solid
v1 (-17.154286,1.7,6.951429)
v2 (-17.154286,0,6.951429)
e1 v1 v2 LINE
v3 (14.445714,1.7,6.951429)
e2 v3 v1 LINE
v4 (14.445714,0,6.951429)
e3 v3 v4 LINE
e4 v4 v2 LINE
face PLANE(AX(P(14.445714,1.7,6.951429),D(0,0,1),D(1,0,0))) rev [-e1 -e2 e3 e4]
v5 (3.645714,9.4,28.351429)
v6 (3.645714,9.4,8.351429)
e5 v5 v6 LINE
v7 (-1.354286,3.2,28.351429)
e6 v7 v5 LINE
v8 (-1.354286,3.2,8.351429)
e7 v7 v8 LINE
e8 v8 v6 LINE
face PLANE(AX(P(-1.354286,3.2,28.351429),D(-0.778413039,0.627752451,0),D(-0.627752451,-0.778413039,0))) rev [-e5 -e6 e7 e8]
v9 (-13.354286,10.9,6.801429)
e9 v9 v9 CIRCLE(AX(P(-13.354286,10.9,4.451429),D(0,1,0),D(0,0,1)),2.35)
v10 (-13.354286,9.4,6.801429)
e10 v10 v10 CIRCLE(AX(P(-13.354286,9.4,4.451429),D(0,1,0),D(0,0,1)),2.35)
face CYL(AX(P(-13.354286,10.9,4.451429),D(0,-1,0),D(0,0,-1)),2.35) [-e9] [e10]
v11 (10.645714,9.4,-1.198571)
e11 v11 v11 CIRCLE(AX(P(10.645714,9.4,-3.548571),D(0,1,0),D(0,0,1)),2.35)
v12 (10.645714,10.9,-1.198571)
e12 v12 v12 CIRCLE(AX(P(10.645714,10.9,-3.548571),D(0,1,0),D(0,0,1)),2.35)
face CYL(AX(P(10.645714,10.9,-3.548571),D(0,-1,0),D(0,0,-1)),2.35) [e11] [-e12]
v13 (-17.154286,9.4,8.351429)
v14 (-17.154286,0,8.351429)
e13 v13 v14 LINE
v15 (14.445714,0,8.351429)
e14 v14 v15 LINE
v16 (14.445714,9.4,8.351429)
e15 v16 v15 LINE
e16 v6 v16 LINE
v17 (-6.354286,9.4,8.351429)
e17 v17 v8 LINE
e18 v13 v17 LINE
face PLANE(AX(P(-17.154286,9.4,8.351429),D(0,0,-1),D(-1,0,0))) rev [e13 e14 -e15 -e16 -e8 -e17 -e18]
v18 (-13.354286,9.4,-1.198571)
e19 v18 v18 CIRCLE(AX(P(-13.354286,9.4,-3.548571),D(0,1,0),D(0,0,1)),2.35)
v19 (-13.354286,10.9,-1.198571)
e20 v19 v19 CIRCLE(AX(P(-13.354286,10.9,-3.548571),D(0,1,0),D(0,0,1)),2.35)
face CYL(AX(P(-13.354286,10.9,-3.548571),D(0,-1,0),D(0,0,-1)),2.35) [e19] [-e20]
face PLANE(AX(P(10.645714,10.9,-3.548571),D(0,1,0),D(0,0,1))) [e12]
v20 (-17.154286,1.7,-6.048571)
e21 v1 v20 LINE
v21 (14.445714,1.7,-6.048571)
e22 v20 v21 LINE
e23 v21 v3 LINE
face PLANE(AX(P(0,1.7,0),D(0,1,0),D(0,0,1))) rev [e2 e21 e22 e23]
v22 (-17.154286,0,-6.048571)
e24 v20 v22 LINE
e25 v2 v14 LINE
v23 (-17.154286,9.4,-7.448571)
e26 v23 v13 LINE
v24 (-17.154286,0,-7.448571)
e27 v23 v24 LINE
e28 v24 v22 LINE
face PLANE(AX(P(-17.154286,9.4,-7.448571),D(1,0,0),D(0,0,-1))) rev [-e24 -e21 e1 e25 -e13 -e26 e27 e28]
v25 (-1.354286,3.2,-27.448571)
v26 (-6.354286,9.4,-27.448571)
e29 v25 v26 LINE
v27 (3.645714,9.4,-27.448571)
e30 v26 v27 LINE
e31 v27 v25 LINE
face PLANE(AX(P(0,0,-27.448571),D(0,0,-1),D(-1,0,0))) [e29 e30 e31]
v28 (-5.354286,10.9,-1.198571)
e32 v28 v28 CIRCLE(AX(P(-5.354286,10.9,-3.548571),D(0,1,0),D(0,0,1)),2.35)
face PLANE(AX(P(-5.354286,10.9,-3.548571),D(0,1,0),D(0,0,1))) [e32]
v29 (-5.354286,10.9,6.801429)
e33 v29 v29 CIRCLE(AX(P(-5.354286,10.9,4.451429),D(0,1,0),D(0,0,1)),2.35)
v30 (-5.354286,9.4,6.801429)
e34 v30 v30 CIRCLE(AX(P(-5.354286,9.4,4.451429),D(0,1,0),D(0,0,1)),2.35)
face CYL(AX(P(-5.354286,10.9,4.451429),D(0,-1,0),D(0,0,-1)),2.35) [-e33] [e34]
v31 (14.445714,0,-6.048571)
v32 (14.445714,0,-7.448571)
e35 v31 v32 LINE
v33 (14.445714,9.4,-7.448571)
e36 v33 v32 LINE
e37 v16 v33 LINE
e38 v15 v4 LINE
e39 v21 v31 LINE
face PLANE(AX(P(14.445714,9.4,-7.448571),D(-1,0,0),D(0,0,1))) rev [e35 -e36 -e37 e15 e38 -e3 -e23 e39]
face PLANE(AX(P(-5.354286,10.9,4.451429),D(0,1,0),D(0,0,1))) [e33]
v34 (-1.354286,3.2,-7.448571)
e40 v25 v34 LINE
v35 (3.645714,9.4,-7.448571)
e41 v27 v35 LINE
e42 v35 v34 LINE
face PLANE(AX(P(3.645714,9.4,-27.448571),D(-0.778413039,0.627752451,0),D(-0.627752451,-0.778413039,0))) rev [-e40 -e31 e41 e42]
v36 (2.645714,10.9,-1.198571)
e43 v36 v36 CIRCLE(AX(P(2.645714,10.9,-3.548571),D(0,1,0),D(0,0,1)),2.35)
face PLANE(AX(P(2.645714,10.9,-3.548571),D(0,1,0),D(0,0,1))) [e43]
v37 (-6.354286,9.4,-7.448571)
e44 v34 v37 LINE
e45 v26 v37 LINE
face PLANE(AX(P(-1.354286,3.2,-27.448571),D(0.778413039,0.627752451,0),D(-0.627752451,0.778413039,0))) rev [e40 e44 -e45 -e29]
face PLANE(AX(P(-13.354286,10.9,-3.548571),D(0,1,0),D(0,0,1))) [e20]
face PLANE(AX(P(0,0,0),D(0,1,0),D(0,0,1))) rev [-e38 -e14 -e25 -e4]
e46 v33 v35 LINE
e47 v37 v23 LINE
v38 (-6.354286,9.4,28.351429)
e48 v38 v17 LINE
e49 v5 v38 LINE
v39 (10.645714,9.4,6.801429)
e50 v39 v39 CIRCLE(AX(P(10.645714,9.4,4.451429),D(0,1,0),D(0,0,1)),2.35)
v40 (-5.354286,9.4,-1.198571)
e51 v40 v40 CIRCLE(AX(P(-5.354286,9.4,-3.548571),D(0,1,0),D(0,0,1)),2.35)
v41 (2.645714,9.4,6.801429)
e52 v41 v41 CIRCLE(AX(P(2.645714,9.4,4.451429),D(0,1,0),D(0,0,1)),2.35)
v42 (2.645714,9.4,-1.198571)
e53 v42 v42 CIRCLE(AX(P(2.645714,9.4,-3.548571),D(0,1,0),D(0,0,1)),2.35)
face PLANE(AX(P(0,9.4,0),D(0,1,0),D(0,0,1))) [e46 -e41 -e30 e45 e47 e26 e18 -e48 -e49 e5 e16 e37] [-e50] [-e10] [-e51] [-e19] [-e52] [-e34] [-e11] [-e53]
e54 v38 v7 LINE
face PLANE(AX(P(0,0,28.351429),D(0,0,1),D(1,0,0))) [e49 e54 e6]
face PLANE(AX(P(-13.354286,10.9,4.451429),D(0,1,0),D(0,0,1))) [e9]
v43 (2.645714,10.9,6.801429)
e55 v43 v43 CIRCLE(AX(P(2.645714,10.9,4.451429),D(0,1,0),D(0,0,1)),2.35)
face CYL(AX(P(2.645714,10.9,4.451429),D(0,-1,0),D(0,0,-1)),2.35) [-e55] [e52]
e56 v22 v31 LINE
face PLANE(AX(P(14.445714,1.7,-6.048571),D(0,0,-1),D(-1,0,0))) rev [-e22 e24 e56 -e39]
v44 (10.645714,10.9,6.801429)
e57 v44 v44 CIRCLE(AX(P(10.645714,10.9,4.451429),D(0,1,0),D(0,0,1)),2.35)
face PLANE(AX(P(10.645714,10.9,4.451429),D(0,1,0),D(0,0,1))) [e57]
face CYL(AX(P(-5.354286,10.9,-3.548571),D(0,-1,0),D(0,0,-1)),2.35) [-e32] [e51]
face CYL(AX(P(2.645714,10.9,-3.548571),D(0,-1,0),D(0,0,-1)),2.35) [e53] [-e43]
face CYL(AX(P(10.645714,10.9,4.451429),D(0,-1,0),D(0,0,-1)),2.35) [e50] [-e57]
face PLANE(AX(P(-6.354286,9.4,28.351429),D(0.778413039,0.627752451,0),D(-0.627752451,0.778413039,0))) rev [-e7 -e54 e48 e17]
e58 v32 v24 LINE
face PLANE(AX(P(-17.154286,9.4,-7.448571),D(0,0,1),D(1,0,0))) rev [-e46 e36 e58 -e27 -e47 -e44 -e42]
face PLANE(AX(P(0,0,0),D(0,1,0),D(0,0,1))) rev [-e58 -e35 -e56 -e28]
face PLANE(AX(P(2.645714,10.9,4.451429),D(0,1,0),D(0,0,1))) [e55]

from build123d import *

# Parameters (mm, degrees)
SKETCH1_W           = 31.6
SKETCH1_H           = 15.8
BOSS_EXTRUDE1_DEPTH = 9.4
SKETCH2_W           = 31.6
SKETCH2_H           = 13
CUT_EXTRUDE1_DEPTH  = 1.7
BOSS_EXTRUDE2_DEPTH = 20
BOSS_EXTRUDE3_DEPTH = 20
SKETCH5_R           = 2.35
BOSS_EXTRUDE4_DEPTH = 1.5


with BuildPart() as part:
    # Sketch1 → Boss-Extrude1 (new body)
    with BuildSketch(Plane(origin=(0, 0, 0), x_dir=(1, 0, 0), z_dir=(0, 1, 0))):
        with Locations((-1.354285714, -0.451428571)):
            Rectangle(SKETCH1_W, SKETCH1_H)
    extrude(amount=BOSS_EXTRUDE1_DEPTH)

    # Sketch2 → Cut-Extrude1 (cut)
    with BuildSketch(Plane(origin=(0, 0, 0), x_dir=(-1, 0, 0), z_dir=(0, -1, 0))):
        with Locations((1.354285714, -0.451428571)):
            Rectangle(SKETCH2_W, SKETCH2_H)
    extrude(amount=-CUT_EXTRUDE1_DEPTH, mode=Mode.SUBTRACT)

    # Sketch3 → Boss-Extrude2 (add)
    with BuildSketch(Plane(origin=(0, 0, -7.448571429), x_dir=(-1, 0, 0), z_dir=(0, 0, -1))):
        Polygon((-3.645714286, 9.4), (1.354285714, 3.2), (6.354285714, 9.4), align=None)
    extrude(amount=BOSS_EXTRUDE2_DEPTH)

    # Sketch4 → Boss-Extrude3 (add)
    with BuildSketch(Plane.XY.offset(8.351428571)):
        Polygon((-6.354285714, 9.4), (-1.354285714, 3.2), (3.645714286, 9.4), align=None)
    extrude(amount=BOSS_EXTRUDE3_DEPTH)

    # Sketch5 → Boss-Extrude4 (add)
    with BuildSketch(Plane(origin=(0, 9.4, 0), x_dir=(1, 0, 0), z_dir=(0, 1, 0))):
        with Locations(Location((10.645714286, -4.451428571, 0), (0, 0, 270))):
            Circle(SKETCH5_R)
        with Locations(Location((2.645714286, -4.451428571, 0), (0, 0, 270))):
            Circle(SKETCH5_R)
        with Locations(Location((-5.354285714, -4.451428571, 0), (0, 0, 270))):
            Circle(SKETCH5_R)
        with Locations(Location((-13.354285714, -4.451428571, 0), (0, 0, 270))):
            Circle(SKETCH5_R)
        with Locations(Location((2.645714286, 3.548571429, 0), (0, 0, 270))):
            Circle(SKETCH5_R)
        with Locations(Location((-5.354285714, 3.548571429, 0), (0, 0, 270))):
            Circle(SKETCH5_R)
        with Locations(Location((-13.354285714, 3.548571429, 0), (0, 0, 270))):
            Circle(SKETCH5_R)
        with Locations(Location((10.645714286, 3.548571429, 0), (0, 0, 270))):
            Circle(SKETCH5_R)
    extrude(amount=BOSS_EXTRUDE4_DEPTH)


solid = part.part
